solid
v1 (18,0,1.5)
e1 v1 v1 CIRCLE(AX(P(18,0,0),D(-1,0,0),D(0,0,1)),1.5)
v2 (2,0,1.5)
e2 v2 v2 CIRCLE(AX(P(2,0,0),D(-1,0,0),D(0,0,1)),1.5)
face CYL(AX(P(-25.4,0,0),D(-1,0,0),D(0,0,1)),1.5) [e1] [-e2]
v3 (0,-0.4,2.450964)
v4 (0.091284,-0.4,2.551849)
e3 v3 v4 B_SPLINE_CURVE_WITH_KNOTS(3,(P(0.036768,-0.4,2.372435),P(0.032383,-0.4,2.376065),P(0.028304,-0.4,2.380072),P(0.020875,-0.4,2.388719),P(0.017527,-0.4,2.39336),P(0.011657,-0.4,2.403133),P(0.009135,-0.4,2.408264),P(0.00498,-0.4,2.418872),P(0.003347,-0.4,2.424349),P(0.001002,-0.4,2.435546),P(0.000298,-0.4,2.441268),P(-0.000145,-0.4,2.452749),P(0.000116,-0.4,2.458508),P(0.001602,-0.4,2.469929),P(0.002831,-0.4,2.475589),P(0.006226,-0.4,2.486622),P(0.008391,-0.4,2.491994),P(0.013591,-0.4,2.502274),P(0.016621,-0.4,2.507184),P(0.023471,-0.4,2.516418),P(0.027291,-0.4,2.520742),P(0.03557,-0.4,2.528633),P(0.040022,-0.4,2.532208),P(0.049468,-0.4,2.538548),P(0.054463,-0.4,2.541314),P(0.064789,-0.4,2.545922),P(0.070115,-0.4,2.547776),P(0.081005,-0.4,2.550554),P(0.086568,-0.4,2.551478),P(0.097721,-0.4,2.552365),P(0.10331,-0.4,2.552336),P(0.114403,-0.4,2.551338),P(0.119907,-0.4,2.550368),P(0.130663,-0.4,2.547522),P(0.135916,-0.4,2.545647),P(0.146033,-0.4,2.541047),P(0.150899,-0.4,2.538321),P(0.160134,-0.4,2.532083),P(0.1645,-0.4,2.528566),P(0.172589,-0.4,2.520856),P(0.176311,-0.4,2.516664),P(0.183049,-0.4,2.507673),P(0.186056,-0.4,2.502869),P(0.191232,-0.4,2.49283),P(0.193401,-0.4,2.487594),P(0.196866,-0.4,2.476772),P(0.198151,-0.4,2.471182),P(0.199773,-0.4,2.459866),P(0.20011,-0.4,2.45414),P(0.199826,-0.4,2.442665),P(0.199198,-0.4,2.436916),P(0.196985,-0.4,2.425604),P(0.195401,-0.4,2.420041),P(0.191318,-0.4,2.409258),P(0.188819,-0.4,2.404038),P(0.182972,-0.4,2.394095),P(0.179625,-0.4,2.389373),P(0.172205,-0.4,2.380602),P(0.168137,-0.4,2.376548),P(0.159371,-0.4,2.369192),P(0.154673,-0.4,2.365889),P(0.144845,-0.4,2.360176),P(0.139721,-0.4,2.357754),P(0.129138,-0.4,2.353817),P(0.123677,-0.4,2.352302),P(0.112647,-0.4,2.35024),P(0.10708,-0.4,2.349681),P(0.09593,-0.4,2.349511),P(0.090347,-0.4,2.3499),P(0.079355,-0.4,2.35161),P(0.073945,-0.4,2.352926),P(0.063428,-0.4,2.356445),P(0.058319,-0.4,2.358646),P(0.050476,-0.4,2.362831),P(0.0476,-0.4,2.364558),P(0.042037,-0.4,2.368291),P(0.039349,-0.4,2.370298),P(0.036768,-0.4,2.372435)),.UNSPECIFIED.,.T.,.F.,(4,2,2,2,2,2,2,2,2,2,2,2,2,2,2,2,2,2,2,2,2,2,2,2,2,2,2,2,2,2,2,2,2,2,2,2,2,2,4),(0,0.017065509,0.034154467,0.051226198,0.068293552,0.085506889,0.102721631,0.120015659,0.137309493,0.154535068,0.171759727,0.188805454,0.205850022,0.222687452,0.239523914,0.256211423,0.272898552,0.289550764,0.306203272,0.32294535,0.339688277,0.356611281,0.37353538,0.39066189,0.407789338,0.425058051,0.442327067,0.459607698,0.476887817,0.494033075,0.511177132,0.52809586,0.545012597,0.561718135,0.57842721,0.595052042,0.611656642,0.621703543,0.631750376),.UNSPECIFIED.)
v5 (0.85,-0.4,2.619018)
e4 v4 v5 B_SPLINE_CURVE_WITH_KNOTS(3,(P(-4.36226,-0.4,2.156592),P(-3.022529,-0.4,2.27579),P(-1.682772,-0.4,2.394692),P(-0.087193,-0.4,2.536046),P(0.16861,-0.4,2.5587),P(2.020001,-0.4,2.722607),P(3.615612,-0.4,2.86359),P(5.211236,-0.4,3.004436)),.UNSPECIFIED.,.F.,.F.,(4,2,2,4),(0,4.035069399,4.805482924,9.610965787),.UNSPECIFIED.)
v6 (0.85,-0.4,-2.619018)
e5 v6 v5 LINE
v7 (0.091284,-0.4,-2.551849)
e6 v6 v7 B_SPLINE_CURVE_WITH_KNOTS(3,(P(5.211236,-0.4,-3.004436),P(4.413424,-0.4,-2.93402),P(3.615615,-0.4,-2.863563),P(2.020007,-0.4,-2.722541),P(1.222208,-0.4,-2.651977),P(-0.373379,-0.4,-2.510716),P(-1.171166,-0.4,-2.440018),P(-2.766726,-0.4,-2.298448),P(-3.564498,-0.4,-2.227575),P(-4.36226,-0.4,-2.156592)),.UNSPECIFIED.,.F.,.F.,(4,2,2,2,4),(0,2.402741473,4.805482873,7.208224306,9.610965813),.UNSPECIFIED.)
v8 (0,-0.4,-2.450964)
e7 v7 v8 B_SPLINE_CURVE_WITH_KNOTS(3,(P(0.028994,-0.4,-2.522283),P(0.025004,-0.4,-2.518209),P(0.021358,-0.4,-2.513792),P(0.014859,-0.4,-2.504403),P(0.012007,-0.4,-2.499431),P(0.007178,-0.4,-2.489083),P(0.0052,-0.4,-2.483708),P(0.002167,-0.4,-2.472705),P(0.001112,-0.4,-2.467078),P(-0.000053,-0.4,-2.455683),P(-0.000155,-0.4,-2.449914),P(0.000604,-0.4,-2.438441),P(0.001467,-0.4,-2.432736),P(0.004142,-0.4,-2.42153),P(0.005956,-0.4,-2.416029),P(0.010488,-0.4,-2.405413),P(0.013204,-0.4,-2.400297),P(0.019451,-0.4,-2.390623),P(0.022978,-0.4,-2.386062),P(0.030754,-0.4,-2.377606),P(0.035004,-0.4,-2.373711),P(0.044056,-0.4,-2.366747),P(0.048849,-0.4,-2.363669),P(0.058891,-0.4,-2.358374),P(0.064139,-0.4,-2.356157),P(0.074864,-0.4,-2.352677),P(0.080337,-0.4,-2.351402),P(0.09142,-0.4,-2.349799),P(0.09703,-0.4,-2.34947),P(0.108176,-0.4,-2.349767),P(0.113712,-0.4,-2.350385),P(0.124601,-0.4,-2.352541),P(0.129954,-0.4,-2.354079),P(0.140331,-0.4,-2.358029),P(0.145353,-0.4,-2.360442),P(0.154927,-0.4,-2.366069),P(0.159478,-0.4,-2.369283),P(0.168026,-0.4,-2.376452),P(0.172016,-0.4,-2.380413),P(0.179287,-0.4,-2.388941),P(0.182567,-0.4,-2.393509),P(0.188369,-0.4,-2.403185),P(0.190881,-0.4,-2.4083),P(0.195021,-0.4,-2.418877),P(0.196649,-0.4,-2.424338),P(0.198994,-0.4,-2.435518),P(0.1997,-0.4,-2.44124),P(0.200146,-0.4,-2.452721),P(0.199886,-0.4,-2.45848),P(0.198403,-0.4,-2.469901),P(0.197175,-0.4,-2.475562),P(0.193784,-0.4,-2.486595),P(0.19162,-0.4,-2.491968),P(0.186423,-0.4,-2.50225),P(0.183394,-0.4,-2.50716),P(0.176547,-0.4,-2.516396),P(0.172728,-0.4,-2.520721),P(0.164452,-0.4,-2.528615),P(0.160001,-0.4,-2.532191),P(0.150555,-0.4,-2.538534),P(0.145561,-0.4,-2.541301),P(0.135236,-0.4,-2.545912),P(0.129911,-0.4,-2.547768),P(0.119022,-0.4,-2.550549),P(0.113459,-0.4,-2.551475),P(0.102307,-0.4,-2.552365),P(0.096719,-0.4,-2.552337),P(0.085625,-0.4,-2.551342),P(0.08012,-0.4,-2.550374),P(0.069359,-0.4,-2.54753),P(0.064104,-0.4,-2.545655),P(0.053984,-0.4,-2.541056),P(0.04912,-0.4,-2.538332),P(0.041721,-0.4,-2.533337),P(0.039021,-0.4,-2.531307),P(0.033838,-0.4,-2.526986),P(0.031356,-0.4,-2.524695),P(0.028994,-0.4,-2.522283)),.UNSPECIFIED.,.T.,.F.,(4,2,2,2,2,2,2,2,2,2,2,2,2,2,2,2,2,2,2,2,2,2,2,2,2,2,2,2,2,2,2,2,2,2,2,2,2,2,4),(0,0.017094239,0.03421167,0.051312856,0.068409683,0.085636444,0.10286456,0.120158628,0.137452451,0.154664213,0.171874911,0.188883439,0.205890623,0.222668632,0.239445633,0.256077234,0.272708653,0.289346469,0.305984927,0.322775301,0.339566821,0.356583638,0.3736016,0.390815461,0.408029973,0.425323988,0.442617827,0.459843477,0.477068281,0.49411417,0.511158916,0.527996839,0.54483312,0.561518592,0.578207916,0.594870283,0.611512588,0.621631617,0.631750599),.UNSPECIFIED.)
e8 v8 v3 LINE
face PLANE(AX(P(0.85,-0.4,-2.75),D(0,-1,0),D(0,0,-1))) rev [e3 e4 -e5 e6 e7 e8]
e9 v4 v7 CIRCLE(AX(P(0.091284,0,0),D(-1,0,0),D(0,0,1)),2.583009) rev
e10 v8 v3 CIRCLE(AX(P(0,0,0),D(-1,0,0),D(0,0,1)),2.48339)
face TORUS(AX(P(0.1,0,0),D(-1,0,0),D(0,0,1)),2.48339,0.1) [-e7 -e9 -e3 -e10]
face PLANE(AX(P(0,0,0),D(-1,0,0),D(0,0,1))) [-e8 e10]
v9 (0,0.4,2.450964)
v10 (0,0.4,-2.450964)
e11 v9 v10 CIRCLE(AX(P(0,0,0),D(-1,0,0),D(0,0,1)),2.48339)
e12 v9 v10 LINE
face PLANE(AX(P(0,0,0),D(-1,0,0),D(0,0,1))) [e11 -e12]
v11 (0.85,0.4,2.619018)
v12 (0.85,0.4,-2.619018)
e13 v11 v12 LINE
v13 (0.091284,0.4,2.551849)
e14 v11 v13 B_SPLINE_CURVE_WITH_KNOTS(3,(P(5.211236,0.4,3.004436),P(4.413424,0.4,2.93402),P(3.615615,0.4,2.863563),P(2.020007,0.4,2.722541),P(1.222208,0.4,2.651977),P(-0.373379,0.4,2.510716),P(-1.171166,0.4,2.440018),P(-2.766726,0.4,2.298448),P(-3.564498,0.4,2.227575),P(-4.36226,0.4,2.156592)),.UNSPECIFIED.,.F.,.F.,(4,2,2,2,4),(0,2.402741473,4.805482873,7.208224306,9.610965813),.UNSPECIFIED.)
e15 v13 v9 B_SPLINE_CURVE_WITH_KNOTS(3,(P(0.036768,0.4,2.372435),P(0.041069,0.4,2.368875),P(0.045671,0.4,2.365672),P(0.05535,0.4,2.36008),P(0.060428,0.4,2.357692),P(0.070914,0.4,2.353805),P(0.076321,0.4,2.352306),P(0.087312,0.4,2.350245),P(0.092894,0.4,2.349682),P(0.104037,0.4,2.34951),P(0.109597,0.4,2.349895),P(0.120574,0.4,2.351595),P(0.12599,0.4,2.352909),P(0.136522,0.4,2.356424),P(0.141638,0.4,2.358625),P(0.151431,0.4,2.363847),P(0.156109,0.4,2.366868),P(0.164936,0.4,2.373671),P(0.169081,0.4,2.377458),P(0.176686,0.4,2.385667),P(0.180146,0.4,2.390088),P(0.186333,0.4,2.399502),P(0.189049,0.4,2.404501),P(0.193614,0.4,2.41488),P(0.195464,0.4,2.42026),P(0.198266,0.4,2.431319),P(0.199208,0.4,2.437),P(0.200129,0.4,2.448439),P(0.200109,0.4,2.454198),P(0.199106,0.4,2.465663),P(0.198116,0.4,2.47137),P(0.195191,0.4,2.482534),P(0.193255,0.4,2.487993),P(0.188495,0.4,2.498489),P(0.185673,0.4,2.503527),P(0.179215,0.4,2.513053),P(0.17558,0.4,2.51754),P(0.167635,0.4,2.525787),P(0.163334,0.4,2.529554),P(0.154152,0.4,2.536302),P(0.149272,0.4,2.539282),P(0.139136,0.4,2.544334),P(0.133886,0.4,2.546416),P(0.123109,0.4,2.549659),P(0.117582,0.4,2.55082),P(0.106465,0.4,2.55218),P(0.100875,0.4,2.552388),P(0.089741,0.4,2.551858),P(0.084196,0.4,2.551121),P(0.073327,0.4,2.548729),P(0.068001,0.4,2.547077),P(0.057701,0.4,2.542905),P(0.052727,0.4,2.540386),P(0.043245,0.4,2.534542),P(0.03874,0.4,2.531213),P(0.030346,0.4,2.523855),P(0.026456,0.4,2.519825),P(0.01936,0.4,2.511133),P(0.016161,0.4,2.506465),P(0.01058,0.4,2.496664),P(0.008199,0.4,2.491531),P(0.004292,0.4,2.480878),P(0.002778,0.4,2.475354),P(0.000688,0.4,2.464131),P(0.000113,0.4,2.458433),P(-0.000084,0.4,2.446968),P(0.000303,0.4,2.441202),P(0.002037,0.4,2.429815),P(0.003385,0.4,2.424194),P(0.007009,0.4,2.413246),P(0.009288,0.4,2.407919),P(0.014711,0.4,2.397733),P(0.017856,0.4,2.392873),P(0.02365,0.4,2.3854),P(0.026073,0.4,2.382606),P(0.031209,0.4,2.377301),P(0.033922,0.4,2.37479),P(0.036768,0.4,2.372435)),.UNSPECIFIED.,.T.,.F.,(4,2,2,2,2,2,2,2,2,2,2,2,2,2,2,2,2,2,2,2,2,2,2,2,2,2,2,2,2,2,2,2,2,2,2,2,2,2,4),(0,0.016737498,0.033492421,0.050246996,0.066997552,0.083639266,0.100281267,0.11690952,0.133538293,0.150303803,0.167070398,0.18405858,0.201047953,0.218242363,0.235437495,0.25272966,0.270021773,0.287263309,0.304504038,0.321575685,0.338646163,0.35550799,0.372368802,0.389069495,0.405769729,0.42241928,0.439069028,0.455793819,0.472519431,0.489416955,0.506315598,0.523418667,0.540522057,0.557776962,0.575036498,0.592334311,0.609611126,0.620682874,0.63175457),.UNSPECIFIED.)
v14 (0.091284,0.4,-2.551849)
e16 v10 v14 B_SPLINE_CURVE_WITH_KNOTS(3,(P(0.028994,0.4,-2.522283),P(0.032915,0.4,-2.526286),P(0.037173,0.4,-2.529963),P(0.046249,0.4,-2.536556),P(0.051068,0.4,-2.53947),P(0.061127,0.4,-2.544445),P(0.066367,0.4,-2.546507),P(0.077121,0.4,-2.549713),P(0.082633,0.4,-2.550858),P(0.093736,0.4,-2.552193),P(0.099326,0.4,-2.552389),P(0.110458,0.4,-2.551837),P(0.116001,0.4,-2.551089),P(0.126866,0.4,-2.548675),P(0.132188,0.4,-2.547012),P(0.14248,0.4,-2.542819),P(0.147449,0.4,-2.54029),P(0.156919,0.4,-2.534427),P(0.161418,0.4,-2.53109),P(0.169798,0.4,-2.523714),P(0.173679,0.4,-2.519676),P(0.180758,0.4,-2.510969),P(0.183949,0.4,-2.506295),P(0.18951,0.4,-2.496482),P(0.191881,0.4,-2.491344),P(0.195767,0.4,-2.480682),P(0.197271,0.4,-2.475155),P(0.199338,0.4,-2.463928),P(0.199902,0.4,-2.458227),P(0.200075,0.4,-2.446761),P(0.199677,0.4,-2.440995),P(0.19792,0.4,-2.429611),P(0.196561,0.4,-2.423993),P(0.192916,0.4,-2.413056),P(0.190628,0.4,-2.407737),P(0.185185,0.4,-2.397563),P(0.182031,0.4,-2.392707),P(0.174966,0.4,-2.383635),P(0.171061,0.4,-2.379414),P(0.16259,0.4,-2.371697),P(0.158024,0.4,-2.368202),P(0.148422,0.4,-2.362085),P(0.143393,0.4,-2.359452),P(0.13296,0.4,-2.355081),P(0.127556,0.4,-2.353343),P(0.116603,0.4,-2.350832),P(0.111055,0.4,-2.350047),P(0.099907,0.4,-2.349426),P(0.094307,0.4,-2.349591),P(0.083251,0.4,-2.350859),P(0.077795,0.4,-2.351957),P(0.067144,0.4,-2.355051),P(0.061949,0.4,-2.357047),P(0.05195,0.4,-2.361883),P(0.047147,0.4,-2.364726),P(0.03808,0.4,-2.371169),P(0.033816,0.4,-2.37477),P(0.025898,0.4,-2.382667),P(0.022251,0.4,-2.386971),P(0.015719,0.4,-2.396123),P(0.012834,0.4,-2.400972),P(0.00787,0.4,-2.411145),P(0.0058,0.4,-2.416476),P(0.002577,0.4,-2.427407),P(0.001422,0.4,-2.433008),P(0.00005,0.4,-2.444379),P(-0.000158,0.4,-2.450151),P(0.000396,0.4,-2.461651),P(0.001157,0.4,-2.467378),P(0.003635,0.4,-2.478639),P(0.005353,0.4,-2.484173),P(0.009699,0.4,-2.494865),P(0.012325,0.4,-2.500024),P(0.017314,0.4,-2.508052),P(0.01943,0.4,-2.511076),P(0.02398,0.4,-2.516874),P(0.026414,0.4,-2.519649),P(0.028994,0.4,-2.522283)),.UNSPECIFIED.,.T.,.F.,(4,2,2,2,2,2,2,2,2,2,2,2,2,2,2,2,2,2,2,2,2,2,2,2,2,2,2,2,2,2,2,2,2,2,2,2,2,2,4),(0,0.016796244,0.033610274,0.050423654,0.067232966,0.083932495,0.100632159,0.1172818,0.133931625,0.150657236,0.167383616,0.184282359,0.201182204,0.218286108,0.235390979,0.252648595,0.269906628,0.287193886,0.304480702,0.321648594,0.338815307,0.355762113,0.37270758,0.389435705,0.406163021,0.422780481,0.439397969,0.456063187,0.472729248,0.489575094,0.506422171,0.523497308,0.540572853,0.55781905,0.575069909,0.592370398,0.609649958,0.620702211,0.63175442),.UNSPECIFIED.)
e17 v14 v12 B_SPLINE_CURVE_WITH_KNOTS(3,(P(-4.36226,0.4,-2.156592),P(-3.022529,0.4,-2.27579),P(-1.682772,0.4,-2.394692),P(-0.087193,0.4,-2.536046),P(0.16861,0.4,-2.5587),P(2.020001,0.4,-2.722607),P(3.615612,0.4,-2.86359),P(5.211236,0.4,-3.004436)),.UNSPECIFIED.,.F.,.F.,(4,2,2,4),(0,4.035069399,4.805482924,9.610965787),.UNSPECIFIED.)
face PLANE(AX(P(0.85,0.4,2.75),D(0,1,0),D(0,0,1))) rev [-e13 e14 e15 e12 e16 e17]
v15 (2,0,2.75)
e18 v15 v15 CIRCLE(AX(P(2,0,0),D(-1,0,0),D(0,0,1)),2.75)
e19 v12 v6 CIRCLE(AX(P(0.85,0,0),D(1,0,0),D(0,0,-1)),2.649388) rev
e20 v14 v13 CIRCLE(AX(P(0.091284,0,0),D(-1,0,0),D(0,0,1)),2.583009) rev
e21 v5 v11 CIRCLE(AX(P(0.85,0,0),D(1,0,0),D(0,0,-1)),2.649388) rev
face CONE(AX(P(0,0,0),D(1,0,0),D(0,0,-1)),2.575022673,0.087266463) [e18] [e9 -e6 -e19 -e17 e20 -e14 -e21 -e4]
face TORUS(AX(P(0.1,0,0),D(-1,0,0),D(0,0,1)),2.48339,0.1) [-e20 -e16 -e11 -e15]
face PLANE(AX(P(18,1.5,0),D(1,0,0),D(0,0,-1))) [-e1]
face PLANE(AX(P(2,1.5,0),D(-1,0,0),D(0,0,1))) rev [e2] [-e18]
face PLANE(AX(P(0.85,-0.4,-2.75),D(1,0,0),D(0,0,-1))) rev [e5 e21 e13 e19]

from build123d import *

# Parameters (mm, degrees)
FILLET2_R  = 0.1
SKETCH2_W  = 5.5
SKETCH2_H  = 0.8
SLOT_DEPTH = 0.85


with BuildPart() as part:
    # BodySke → Base-Revolve (revolve)
    with BuildSketch(Plane.XY):
        Polygon((2, 1.5), (2, 2.75), (0, 2.575022673), (0, 0), (18, 0), (18, 1.5), align=None)
    revolve(axis=Axis((-25.4, 0, 0), (1, 0, 0)))

    # Fillet2
    fillet2_edges = [part.edges().sort_by_distance(p)[0] for p in [
        (0, -2.575022673, 0),
    ]]
    fillet(fillet2_edges, radius=FILLET2_R)

    # Sketch2 → Slot (cut)
    with BuildSketch(Plane(origin=(0, 0, 0), x_dir=(0, 0, -1), z_dir=(1, 0, 0))):
        Rectangle(SKETCH2_W, SKETCH2_H)
    extrude(amount=SLOT_DEPTH, mode=Mode.SUBTRACT)


solid = part.part
